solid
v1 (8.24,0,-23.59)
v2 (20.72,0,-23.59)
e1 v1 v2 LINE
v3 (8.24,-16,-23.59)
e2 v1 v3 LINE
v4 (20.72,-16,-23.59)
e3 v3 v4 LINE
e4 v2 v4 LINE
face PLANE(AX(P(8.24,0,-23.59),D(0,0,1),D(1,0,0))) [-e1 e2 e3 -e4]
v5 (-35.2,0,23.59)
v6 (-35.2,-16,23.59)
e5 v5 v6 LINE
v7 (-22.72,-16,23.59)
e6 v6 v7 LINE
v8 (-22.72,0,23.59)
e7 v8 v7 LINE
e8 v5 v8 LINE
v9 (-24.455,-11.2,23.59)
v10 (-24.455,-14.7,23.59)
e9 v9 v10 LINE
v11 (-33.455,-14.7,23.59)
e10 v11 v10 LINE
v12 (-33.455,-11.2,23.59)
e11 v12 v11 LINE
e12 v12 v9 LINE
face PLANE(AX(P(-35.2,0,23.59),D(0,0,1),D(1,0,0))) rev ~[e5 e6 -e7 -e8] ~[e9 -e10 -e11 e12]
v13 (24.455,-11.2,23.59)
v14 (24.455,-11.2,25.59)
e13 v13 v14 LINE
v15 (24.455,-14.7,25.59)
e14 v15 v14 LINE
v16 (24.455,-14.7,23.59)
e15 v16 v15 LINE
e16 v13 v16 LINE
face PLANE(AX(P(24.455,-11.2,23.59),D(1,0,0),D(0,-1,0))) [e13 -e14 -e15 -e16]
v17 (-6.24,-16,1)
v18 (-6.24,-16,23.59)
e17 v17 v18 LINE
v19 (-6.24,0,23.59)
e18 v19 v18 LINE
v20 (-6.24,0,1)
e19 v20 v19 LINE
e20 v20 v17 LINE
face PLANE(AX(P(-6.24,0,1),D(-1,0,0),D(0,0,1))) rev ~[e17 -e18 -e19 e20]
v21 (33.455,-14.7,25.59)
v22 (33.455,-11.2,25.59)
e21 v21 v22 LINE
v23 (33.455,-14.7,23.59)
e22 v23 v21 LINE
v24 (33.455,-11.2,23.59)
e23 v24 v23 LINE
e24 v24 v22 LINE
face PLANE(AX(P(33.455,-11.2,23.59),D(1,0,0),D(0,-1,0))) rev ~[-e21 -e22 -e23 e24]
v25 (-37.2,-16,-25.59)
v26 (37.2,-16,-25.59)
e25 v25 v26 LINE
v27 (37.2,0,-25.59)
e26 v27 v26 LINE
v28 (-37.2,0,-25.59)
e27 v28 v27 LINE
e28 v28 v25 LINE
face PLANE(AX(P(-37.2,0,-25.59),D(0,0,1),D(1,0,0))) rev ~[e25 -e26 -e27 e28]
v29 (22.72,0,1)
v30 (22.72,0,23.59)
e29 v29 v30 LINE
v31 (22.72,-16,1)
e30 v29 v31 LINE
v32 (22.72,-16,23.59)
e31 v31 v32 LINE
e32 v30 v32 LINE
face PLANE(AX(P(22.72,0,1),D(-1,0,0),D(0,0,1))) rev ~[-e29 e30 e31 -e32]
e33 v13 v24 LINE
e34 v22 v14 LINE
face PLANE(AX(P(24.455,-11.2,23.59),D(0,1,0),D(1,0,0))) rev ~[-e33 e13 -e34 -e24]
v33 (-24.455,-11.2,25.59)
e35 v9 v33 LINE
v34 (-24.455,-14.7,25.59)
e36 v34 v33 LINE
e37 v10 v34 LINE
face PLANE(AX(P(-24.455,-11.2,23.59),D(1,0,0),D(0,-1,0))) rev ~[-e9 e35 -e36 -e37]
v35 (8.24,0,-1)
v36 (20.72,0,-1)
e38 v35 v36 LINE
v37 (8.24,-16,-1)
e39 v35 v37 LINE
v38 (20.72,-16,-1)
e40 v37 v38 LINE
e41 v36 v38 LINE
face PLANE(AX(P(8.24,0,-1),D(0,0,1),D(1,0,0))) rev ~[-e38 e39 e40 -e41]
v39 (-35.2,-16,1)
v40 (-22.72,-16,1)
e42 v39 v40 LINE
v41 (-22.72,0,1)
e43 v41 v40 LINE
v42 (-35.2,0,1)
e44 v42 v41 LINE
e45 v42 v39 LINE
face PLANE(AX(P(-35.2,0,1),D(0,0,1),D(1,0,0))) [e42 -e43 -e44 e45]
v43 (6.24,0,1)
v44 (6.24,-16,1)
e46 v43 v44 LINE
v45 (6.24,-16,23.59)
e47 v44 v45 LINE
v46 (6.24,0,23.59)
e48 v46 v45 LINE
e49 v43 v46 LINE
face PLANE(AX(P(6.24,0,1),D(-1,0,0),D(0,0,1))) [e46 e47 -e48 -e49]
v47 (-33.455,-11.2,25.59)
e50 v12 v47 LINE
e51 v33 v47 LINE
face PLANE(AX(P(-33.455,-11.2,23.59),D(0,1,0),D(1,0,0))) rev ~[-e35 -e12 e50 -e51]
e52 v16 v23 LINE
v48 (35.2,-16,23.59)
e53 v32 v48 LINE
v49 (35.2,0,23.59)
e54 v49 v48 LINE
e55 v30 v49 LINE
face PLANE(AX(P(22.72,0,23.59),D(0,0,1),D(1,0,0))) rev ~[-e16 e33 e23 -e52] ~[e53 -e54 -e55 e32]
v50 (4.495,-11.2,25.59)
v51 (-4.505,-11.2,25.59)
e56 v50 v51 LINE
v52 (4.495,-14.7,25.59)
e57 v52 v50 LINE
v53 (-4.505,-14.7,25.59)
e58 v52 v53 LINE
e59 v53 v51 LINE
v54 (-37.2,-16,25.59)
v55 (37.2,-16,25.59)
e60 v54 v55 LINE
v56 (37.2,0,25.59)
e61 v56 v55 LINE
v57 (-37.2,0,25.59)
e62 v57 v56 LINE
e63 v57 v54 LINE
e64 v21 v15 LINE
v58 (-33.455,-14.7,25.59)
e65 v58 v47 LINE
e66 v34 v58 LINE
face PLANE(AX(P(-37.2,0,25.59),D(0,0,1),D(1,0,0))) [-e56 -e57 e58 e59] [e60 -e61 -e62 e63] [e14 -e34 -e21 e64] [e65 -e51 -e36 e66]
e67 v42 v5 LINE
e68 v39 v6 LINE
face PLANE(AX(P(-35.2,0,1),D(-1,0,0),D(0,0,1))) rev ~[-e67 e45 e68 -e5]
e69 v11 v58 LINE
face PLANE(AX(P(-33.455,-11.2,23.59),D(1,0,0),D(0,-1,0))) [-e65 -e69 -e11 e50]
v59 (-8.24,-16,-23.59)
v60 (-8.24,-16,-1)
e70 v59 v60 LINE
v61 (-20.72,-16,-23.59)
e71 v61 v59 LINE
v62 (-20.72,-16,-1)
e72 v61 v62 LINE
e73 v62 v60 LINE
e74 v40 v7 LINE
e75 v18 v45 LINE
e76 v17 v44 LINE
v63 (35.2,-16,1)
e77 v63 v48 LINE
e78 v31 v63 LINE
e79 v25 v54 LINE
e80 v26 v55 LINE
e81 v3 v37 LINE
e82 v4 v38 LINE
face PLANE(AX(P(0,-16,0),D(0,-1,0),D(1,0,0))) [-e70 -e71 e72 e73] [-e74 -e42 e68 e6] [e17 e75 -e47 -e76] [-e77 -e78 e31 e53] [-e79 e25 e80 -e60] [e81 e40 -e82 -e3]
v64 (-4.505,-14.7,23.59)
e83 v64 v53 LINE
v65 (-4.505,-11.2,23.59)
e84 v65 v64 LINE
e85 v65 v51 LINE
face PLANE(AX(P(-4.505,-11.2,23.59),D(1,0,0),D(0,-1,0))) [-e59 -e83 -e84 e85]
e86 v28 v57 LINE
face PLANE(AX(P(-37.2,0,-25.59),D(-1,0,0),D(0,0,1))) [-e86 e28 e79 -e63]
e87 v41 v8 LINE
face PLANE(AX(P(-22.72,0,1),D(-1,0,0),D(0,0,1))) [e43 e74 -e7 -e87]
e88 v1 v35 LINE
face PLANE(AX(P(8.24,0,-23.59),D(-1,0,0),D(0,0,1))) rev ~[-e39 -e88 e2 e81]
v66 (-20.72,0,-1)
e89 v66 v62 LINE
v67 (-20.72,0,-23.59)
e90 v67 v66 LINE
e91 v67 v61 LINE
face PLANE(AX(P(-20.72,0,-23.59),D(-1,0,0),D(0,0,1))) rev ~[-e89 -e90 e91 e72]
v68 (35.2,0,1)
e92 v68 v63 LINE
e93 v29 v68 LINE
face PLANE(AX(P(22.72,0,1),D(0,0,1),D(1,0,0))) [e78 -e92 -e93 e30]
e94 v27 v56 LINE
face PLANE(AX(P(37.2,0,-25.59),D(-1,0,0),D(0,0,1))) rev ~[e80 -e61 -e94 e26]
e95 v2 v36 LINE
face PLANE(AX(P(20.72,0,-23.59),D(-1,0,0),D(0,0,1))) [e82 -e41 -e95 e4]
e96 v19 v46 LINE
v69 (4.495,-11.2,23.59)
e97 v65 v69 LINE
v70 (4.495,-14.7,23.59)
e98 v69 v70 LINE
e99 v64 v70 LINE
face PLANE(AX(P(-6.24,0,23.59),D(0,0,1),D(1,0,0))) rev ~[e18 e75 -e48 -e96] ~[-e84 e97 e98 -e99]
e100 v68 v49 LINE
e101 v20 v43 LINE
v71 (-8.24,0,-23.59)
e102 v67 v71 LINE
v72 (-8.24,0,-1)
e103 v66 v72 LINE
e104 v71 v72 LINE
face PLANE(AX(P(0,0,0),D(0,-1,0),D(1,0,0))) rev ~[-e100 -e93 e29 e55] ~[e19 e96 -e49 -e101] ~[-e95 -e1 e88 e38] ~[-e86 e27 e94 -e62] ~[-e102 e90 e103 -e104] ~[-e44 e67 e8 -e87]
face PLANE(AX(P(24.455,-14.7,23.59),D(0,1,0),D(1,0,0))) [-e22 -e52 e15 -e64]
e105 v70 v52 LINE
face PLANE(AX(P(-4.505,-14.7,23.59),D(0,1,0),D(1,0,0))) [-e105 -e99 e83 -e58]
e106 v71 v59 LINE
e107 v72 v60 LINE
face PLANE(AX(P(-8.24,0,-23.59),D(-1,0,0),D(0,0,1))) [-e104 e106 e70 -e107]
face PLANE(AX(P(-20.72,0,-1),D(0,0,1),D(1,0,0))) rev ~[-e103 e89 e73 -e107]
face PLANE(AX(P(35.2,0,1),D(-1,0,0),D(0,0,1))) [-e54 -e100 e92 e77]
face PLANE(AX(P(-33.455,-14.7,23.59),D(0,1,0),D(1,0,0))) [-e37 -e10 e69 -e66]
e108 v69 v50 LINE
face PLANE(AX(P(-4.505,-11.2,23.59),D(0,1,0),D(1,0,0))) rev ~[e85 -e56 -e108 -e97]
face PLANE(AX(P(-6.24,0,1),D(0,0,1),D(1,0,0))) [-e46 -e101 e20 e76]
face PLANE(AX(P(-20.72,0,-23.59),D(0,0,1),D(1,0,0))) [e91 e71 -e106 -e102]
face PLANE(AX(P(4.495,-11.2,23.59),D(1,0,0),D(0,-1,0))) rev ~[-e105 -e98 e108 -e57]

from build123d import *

# Parameters (mm, degrees)
F0_W     = 74.4
F0_H     = 51.18
F0_W_2   = 12.48
F0_H_2   = 22.59
F1_DEPTH = 16
F2_W     = 9
F2_H     = 3.5
F3_DEPTH = 25


with BuildPart() as f1:
    # F0 (on Front) → F1 (new body)
    with BuildSketch(Plane.XZ):
        Rectangle(F0_W, F0_H)
        with Locations((-14.48, -12.295)):
            Rectangle(F0_W_2, F0_H_2, mode=Mode.SUBTRACT)
        with Locations((14.48, -12.295)):
            Rectangle(F0_W_2, F0_H_2, mode=Mode.SUBTRACT)
        with Locations((-28.96, 12.295)):
            Rectangle(F0_W_2, F0_H_2, mode=Mode.SUBTRACT)
        with Locations((0, 12.295)):
            Rectangle(F0_W_2, F0_H_2, mode=Mode.SUBTRACT)
        with Locations((28.96, 12.295)):
            Rectangle(F0_W_2, F0_H_2, mode=Mode.SUBTRACT)
    extrude(amount=F1_DEPTH)

    # F2 (on face) → F3 (cut)
    with BuildSketch(Plane(origin=(0, 0, 23.59), x_dir=(1, 0, 0), z_dir=(0, 0, -1))):
        with Locations((-0.005, 12.95)):
            Rectangle(F2_W, F2_H)
        with Locations((-28.955, 12.95)):
            Rectangle(F2_W, F2_H)
        with Locations((28.955, 12.95)):
            Rectangle(F2_W, F2_H)
    extrude(amount=-F3_DEPTH, mode=Mode.SUBTRACT)


solid = f1.part
